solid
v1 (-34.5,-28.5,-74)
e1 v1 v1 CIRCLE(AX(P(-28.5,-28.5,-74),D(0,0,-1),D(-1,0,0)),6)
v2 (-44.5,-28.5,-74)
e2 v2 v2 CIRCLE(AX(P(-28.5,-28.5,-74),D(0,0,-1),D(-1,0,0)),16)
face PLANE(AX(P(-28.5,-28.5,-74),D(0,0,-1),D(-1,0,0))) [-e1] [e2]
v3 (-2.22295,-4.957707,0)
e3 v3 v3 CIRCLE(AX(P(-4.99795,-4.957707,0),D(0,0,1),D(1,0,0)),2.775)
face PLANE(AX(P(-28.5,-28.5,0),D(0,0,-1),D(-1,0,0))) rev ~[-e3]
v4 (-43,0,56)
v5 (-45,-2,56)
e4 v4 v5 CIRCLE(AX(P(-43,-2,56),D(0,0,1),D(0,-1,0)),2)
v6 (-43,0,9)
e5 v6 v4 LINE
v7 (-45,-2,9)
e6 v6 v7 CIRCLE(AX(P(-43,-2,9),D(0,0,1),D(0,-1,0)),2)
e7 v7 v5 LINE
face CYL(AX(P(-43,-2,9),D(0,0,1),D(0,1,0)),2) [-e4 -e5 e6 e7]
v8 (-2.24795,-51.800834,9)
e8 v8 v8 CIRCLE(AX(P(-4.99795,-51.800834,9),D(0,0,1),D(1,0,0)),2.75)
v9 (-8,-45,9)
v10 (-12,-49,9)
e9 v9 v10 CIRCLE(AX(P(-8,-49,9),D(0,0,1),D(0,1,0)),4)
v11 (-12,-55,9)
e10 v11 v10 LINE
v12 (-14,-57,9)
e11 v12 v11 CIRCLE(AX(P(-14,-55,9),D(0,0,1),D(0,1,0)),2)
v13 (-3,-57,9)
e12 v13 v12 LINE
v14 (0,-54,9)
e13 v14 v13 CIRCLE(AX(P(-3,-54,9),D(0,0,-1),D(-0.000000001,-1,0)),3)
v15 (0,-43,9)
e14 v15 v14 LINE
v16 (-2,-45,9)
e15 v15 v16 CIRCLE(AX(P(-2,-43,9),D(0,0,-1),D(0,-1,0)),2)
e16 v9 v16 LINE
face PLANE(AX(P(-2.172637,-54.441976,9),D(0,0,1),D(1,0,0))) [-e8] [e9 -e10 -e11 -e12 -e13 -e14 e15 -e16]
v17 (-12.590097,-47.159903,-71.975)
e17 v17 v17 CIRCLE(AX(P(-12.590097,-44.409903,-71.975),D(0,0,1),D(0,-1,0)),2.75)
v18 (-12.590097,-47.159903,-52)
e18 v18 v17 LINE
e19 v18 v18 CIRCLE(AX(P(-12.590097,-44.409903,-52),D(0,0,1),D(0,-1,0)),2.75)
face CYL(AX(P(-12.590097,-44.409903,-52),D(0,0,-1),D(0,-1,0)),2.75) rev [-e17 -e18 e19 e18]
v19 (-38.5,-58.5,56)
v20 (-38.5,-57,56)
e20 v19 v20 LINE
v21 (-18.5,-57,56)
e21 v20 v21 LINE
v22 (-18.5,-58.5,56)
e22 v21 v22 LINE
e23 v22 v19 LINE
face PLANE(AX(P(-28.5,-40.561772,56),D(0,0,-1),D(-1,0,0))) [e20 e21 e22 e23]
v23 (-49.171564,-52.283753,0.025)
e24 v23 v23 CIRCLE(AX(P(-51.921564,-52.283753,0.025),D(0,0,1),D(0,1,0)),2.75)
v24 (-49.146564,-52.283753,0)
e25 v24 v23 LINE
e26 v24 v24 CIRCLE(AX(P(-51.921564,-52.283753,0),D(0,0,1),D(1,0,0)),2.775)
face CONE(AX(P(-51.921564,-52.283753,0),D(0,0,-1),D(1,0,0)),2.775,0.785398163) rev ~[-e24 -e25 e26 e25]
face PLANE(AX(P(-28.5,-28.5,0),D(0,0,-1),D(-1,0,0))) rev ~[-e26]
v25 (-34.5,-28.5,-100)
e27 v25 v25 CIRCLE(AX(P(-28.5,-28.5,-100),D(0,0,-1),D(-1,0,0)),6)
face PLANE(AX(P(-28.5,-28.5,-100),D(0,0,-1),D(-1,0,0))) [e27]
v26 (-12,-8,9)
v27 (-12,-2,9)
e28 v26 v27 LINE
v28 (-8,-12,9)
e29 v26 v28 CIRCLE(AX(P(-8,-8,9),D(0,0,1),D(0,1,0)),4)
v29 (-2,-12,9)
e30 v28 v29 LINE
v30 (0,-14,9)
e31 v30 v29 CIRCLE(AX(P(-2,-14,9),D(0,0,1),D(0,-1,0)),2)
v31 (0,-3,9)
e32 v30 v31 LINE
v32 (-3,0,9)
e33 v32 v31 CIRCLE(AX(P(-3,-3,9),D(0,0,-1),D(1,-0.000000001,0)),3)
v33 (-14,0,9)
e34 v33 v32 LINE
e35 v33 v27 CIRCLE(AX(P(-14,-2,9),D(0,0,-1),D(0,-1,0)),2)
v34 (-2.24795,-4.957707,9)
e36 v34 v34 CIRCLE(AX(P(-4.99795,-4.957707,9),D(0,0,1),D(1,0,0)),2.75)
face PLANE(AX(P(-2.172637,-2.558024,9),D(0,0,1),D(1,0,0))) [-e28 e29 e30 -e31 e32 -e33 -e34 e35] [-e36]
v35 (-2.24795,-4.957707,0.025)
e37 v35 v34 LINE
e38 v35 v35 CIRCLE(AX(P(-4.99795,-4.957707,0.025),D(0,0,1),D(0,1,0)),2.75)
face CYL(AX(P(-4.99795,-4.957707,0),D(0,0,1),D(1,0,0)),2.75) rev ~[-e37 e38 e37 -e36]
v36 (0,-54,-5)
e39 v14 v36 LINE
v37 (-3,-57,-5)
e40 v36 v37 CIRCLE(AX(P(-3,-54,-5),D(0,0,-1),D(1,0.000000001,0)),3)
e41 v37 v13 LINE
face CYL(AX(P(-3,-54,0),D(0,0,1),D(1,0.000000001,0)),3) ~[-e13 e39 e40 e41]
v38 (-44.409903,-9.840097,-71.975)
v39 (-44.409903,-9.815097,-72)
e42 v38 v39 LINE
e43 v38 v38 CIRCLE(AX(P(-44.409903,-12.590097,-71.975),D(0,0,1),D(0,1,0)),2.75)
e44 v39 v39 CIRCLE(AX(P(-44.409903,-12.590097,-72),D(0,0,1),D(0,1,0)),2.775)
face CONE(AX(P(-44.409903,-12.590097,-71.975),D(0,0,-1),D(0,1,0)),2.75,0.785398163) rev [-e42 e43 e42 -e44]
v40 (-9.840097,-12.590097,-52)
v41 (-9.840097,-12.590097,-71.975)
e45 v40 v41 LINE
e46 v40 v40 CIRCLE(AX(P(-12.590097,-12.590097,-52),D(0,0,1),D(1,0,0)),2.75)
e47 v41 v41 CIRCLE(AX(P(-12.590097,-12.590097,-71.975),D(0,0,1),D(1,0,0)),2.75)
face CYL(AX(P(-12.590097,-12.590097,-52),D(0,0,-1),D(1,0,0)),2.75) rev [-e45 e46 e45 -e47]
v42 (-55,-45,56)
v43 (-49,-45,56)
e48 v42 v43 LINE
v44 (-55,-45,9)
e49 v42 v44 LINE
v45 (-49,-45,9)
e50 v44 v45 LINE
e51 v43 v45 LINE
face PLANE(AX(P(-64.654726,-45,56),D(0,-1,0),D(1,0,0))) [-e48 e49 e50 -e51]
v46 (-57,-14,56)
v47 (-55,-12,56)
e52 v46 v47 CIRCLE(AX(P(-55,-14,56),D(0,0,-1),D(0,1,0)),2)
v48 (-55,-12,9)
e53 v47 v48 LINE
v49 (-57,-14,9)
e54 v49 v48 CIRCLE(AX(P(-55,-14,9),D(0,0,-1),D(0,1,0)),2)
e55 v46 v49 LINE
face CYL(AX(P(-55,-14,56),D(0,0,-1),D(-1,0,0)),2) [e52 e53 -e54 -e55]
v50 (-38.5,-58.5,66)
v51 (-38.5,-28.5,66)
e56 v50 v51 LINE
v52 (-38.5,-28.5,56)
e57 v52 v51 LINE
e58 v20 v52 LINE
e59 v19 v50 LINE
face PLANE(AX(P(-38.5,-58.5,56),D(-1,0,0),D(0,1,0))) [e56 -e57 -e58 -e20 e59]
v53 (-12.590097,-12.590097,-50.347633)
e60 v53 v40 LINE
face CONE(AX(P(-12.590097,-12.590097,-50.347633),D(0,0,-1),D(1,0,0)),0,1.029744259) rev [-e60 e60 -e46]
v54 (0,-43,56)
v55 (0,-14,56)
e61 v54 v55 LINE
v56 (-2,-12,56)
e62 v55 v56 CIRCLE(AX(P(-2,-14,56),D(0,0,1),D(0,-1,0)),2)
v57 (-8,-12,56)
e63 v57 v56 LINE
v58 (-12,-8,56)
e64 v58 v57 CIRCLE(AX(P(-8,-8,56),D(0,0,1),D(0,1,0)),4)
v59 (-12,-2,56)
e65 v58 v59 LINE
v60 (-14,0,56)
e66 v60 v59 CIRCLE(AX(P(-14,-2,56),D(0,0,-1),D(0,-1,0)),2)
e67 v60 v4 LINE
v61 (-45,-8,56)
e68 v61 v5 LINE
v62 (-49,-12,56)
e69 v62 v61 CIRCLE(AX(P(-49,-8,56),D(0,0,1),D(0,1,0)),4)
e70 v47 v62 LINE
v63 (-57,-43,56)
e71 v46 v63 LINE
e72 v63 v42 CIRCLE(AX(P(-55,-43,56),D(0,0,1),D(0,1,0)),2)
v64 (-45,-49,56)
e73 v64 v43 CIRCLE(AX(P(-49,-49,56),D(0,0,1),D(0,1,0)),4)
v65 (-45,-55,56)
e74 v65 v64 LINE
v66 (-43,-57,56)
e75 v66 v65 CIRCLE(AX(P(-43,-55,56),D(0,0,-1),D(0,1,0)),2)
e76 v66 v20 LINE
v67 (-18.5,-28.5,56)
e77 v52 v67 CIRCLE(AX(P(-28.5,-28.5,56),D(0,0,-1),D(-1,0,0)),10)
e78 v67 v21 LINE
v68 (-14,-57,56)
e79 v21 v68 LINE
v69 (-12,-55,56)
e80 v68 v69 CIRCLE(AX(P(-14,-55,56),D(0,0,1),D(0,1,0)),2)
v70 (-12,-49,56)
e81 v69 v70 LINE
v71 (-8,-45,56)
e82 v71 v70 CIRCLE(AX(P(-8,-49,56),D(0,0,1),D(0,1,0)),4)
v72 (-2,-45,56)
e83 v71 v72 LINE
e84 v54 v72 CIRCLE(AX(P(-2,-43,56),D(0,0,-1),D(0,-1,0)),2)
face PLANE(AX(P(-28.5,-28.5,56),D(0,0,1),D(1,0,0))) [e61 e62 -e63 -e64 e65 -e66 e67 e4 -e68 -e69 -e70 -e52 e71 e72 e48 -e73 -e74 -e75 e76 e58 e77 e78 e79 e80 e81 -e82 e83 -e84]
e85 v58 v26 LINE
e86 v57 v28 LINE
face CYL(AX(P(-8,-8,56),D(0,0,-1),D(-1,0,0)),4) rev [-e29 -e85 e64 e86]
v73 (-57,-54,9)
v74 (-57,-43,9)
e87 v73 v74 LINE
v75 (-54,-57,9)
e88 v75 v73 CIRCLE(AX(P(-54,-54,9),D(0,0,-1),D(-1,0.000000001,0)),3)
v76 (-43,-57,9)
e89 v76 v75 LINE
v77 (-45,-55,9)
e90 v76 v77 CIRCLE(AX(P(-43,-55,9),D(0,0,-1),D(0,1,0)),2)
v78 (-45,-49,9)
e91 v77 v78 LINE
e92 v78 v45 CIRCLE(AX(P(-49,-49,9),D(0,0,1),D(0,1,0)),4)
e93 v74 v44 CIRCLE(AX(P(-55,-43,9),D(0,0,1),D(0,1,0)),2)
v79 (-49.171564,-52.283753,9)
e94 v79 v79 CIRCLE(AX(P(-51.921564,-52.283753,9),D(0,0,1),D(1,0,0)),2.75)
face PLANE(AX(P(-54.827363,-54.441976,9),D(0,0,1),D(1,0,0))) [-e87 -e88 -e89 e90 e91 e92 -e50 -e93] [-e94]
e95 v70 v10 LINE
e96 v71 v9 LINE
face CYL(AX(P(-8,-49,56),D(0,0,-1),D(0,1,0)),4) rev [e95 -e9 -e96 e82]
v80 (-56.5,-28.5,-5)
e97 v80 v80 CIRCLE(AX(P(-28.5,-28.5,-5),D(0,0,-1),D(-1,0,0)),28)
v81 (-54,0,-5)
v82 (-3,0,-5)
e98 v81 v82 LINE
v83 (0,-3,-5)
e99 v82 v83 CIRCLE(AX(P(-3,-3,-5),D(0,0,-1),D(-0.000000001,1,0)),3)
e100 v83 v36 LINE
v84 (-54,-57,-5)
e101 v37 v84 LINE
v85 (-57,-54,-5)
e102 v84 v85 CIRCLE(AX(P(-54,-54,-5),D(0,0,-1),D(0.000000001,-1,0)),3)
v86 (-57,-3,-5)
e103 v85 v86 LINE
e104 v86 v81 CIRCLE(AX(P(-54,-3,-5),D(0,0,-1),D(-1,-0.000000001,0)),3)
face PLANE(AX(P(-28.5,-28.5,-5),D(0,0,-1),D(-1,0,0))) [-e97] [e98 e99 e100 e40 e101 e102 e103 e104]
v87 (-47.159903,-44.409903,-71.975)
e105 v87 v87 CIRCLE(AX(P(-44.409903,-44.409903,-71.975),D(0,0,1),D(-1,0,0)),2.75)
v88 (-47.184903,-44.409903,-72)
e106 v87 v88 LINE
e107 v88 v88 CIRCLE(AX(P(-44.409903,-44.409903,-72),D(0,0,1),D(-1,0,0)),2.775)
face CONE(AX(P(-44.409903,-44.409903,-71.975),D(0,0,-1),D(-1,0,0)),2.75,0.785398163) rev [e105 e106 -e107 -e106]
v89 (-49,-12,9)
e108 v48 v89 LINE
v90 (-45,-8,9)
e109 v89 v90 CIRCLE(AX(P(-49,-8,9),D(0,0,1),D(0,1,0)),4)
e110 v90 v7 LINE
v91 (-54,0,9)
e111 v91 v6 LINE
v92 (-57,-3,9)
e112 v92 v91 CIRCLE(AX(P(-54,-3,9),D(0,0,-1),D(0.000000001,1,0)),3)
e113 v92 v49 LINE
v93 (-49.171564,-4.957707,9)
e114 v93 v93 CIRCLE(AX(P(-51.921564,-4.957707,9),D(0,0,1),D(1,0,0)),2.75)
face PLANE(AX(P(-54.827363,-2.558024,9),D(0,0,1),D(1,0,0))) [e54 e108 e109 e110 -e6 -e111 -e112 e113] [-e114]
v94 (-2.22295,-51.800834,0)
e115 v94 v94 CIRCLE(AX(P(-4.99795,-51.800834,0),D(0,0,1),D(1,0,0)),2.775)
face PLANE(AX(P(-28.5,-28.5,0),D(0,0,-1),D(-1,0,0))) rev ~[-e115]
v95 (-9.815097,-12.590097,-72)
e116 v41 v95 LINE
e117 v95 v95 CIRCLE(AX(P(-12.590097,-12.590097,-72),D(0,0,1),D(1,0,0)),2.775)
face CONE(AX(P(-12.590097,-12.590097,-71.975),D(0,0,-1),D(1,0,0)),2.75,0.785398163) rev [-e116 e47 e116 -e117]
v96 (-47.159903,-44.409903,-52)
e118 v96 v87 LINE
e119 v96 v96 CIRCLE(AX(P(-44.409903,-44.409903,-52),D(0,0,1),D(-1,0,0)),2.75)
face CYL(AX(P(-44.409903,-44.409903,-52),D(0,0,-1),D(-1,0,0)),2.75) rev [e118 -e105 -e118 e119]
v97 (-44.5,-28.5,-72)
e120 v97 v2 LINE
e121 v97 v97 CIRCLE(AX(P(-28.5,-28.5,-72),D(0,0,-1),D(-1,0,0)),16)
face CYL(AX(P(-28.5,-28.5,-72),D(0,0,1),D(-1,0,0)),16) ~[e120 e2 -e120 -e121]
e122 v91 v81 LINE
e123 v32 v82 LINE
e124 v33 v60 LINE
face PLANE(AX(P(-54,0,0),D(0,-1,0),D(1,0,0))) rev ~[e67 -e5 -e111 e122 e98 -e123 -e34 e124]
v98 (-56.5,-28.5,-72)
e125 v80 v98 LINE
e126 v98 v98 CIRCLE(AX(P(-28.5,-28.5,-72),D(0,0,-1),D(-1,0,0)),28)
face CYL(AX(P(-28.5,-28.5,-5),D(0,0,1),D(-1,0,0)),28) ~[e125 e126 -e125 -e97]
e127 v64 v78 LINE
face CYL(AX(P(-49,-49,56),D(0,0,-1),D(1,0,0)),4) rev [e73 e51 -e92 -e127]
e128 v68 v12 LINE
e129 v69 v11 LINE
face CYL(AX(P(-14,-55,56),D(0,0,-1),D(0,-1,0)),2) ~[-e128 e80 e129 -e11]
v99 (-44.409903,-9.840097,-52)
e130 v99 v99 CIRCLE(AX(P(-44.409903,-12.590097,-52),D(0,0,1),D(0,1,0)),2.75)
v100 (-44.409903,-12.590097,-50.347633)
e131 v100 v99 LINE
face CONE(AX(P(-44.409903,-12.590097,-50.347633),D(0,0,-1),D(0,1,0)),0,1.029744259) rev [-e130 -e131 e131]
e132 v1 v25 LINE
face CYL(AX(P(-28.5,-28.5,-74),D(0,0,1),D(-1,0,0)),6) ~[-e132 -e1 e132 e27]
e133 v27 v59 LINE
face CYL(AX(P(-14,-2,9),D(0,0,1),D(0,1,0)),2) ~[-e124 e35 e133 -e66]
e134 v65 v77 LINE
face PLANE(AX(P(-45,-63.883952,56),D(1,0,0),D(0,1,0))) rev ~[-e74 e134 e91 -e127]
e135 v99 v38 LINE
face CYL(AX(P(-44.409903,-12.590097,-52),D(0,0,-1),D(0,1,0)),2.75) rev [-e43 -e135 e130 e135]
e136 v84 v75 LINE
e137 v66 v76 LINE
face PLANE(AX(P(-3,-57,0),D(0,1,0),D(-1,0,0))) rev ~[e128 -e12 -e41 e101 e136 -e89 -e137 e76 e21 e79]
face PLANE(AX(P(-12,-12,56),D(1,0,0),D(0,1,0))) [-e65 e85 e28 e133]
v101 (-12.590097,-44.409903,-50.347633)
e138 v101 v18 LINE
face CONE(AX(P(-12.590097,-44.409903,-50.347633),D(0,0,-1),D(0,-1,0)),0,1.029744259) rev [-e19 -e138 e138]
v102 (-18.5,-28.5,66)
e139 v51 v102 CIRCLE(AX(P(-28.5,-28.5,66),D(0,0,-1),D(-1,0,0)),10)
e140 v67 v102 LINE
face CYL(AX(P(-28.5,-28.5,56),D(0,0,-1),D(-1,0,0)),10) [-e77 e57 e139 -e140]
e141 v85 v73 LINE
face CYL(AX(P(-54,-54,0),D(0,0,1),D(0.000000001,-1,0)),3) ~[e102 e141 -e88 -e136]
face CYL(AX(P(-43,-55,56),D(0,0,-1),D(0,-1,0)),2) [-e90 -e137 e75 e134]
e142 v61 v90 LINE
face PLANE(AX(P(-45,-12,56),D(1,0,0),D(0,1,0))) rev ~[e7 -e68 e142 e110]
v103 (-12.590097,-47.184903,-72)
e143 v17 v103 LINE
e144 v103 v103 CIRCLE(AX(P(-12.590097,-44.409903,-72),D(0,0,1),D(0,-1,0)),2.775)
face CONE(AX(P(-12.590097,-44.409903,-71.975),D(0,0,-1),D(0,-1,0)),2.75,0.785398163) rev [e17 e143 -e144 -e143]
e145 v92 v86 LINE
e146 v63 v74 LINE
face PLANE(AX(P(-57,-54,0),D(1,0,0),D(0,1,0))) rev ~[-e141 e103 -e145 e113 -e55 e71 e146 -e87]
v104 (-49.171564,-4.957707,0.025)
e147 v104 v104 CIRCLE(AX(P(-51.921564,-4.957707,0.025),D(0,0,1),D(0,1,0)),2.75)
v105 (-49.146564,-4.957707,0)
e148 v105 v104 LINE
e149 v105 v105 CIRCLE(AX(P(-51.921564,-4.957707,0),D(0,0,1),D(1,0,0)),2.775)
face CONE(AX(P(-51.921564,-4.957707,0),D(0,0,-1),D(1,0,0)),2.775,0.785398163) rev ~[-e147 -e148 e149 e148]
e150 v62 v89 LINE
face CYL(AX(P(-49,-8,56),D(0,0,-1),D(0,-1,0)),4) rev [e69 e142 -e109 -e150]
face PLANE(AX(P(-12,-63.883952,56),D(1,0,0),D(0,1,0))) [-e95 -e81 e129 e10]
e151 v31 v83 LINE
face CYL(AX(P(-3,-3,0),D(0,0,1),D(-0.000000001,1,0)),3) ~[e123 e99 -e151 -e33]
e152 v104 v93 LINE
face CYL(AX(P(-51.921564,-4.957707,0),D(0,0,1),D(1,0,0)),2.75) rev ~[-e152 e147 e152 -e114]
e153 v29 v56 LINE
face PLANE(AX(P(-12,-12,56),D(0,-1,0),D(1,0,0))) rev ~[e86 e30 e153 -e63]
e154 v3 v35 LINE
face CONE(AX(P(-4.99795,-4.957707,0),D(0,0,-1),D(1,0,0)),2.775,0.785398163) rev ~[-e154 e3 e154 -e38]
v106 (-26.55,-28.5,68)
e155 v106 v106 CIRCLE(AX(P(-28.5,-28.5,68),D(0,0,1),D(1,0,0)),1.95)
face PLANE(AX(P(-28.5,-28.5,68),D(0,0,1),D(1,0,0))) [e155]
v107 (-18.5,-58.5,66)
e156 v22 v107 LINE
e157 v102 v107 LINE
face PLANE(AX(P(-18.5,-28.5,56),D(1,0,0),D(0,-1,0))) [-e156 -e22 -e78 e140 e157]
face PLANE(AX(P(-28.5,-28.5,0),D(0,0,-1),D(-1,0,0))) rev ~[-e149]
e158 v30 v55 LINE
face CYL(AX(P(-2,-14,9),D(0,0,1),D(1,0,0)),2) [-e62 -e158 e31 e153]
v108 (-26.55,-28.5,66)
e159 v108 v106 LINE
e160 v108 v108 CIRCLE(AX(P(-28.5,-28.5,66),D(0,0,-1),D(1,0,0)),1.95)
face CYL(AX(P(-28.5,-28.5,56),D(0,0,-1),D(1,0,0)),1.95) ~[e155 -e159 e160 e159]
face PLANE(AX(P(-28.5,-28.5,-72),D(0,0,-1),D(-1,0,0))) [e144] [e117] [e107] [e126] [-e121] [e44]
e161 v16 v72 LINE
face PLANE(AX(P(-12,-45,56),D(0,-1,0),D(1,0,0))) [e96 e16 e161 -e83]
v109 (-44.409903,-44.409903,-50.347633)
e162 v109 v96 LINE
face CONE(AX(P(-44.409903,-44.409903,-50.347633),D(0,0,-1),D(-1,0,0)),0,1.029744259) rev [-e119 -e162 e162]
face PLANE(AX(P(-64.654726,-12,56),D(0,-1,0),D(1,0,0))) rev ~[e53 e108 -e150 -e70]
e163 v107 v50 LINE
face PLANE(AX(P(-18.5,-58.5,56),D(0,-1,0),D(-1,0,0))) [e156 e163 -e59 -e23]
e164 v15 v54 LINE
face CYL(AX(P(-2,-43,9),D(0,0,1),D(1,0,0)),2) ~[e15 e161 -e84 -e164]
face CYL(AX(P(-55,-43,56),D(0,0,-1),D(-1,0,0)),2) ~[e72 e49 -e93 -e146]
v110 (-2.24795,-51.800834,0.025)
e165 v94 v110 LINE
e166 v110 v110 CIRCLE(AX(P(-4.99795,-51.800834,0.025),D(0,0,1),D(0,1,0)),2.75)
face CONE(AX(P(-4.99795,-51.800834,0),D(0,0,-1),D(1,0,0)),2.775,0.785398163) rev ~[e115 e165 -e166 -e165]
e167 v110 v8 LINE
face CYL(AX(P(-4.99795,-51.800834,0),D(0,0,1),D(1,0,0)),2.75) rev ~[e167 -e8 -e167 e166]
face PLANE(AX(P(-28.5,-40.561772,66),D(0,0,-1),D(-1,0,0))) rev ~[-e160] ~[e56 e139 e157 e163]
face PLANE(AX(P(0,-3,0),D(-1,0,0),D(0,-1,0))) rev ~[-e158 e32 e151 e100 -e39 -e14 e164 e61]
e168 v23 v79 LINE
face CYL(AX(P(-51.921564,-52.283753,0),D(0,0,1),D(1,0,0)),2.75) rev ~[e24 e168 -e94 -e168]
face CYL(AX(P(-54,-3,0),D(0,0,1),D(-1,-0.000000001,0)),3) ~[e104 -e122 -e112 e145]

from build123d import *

# Parameters (mm, degrees)
BOSS_EXTRUDE1_DEPTH            = 56
SKETCH2_W                      = 19.654725719
SKETCH2_H                      = 18.883952161
CUT_EXTRUDE1_DEPTH             = 47
FILLET1_R                      = 2
FILLET2_R                      = 4
M5_CLEARANCE_HOLE2_D           = 5.5
M5_CLEARANCE_HOLE2_CSINK_D     = 5.55
M5_CLEARANCE_HOLE2_CSINK_ANGLE = 90
SKETCH6_R                      = 1.95
BOSS_EXTRUDE2_DEPTH            = 12
BOSS_EXTRUDE3_DEPTH            = 5
SKETCH8_R                      = 28
BOSS_EXTRUDE4_DEPTH            = 67
SKETCH9_R                      = 16
BOSS_EXTRUDE5_DEPTH            = 2
CIRPATTERN1_COUNT              = 4
SKETCH14_R                     = 6
BOSS_EXTRUDE6_DEPTH            = 26
SKETCH17_R                     = 1.907386748
BOSS_EXTRUDE7_DEPTH            = 10


with BuildPart() as part:
    # Sketch1 → Boss-Extrude1 (new body)
    with BuildSketch(Plane.XY):
        with BuildLine():
            Line((-3, 0), (-54, 0))
            ThreePointArc((-54, 0), (-56.121320344, -0.878679656), (-57, -3))
            Line((-57, -3), (-57, -54))
            ThreePointArc((-57, -54), (-56.121320344, -56.121320344), (-54, -57))
            Line((-54, -57), (-3, -57))
            ThreePointArc((-3, -57), (-0.878679656, -56.121320344), (0, -54))
            Line((0, -54), (0, -3))
            ThreePointArc((0, -3), (-0.878679656, -0.878679656), (-3, 0))
        make_face()
    extrude(amount=BOSS_EXTRUDE1_DEPTH)

    # Sketch2 → Cut-Extrude1 (cut)
    with BuildSketch(Plane.XY.offset(56)):
        with Locations((-54.827362859, -2.558023919)):
            Rectangle(SKETCH2_W, SKETCH2_H)
        with Locations((-2.17263714, -2.558023919)):
            Rectangle(SKETCH2_W, SKETCH2_H)
        with Locations((-2.17263714, -54.44197608)):
            Rectangle(SKETCH2_W, SKETCH2_H)
        with Locations((-54.827362859, -54.44197608)):
            Rectangle(SKETCH2_W, SKETCH2_H)
    extrude(amount=-CUT_EXTRUDE1_DEPTH, mode=Mode.SUBTRACT)

    # Fillet1
    fillet1_edges = [part.edges().sort_by_distance(p)[0] for p in [
        (-57, -45, 32.5),
        (-45, -57, 32.5),
        (-12, -57, 32.5),
        (0, -45, 32.5),
        (0, -12, 32.5),
        (-12, 0, 32.5),
        (-45, 0, 32.5),
        (-57, -12, 32.5),
    ]]
    fillet(fillet1_edges, radius=FILLET1_R)

    # Fillet2
    fillet2_edges = [part.edges().sort_by_distance(p)[0] for p in [
        (-45, -45, 32.5),
        (-12, -45, 32.5),
        (-12, -12, 32.5),
        (-45, -12, 32.5),
    ]]
    fillet(fillet2_edges, radius=FILLET2_R)

    # M5 Clearance Hole2 (through all)
    with Locations(Plane(origin=(0, 0, 0), x_dir=(-1, 0, 0), z_dir=(0, 0, -1))):
        with Locations((51.921563773, -4.957706516), (4.997949753, -4.957706516), (4.997949753, -51.800834063), (51.921563773, -52.283752904)):
            CounterSinkHole(M5_CLEARANCE_HOLE2_D / 2, M5_CLEARANCE_HOLE2_CSINK_D / 2, counter_sink_angle=M5_CLEARANCE_HOLE2_CSINK_ANGLE)

    # Sketch6 → Boss-Extrude2 (add)
    with BuildSketch(Plane.XY.offset(56)):
        with Locations((-28.5, -28.5)):
            Circle(SKETCH6_R)
    extrude(amount=BOSS_EXTRUDE2_DEPTH)

    # Sketch7 → Boss-Extrude3 (add)
    with BuildSketch(Plane(origin=(0, 0, 0), x_dir=(-1, 0, 0), z_dir=(0, 0, -1))):
        with BuildLine():
            Line((57, -54), (57, -3))
            ThreePointArc((57, -3), (56.121320344, -0.878679656), (54, 0))
            Line((54, 0), (3, 0))
            ThreePointArc((3, 0), (0.878679656, -0.878679656), (0, -3))
            Line((0, -3), (0, -54))
            ThreePointArc((0, -54), (0.878679656, -56.121320344), (3, -57))
            Line((3, -57), (54, -57))
            ThreePointArc((54, -57), (56.121320344, -56.121320344), (57, -54))
        make_face()
    extrude(amount=BOSS_EXTRUDE3_DEPTH)

    # Sketch8 → Boss-Extrude4 (add)
    with BuildSketch(Plane(origin=(0, 0, -5), x_dir=(-1, 0, 0), z_dir=(0, 0, -1))):
        with Locations((28.5, -28.5)):
            Circle(SKETCH8_R)
    extrude(amount=BOSS_EXTRUDE4_DEPTH)

    # Sketch9 → Boss-Extrude5 (add)
    with BuildSketch(Plane(origin=(0, 0, -72), x_dir=(-1, 0, 0), z_dir=(0, 0, -1))):
        with Locations((28.5, -28.5)):
            Circle(SKETCH9_R)
    extrude(amount=BOSS_EXTRUDE5_DEPTH)

    # Sketch13 → M5 Clearance Hole1 (revolve, cut)
    with BuildSketch(Plane(origin=(-44.409902577, -12.590097423, -72), x_dir=(0, 1, 0), z_dir=(1, 0, 0))):
        Polygon((0, 0), (0, 21.652366702), (2.75, 20), (2.75, 0.025), (2.775, 0), align=None)
    m5_clearance_hole1 = revolve(axis=Axis((-44.409902577, -12.590097423, -78.35), (0, 0, 1)), mode=Mode.SUBTRACT)

    # CirPattern1: M5 Clearance Hole1 ×4 about axis
    cirpattern1_axis = Axis((-28.5, -28.5, 0), (0, 0, 1))
    for i in range(1, CIRPATTERN1_COUNT):
        add(m5_clearance_hole1.rotate(cirpattern1_axis, i * 360 / CIRPATTERN1_COUNT), mode=Mode.SUBTRACT)

    # Sketch14 → Boss-Extrude6 (add)
    with BuildSketch(Plane(origin=(0, 0, -74), x_dir=(-1, 0, 0), z_dir=(0, 0, -1))):
        with Locations((28.5, -28.5)):
            Circle(SKETCH14_R)
    extrude(amount=BOSS_EXTRUDE6_DEPTH)

    # Sketch17 → Boss-Extrude7 (add)
    with BuildSketch(Plane.XY.offset(56)):
        with BuildLine():
            Line((-18.5, -28.5), (-18.5, -58.5))
            Line((-18.5, -58.5), (-38.5, -58.5))
            Line((-38.5, -58.5), (-38.5, -28.5))
            ThreePointArc((-38.5, -28.5), (-28.5, -18.5), (-18.5, -28.5))
        make_face()
        with Locations((-28.5, -28.5)):
            Circle(SKETCH17_R, mode=Mode.SUBTRACT)
    extrude(amount=BOSS_EXTRUDE7_DEPTH)


solid = part.part
